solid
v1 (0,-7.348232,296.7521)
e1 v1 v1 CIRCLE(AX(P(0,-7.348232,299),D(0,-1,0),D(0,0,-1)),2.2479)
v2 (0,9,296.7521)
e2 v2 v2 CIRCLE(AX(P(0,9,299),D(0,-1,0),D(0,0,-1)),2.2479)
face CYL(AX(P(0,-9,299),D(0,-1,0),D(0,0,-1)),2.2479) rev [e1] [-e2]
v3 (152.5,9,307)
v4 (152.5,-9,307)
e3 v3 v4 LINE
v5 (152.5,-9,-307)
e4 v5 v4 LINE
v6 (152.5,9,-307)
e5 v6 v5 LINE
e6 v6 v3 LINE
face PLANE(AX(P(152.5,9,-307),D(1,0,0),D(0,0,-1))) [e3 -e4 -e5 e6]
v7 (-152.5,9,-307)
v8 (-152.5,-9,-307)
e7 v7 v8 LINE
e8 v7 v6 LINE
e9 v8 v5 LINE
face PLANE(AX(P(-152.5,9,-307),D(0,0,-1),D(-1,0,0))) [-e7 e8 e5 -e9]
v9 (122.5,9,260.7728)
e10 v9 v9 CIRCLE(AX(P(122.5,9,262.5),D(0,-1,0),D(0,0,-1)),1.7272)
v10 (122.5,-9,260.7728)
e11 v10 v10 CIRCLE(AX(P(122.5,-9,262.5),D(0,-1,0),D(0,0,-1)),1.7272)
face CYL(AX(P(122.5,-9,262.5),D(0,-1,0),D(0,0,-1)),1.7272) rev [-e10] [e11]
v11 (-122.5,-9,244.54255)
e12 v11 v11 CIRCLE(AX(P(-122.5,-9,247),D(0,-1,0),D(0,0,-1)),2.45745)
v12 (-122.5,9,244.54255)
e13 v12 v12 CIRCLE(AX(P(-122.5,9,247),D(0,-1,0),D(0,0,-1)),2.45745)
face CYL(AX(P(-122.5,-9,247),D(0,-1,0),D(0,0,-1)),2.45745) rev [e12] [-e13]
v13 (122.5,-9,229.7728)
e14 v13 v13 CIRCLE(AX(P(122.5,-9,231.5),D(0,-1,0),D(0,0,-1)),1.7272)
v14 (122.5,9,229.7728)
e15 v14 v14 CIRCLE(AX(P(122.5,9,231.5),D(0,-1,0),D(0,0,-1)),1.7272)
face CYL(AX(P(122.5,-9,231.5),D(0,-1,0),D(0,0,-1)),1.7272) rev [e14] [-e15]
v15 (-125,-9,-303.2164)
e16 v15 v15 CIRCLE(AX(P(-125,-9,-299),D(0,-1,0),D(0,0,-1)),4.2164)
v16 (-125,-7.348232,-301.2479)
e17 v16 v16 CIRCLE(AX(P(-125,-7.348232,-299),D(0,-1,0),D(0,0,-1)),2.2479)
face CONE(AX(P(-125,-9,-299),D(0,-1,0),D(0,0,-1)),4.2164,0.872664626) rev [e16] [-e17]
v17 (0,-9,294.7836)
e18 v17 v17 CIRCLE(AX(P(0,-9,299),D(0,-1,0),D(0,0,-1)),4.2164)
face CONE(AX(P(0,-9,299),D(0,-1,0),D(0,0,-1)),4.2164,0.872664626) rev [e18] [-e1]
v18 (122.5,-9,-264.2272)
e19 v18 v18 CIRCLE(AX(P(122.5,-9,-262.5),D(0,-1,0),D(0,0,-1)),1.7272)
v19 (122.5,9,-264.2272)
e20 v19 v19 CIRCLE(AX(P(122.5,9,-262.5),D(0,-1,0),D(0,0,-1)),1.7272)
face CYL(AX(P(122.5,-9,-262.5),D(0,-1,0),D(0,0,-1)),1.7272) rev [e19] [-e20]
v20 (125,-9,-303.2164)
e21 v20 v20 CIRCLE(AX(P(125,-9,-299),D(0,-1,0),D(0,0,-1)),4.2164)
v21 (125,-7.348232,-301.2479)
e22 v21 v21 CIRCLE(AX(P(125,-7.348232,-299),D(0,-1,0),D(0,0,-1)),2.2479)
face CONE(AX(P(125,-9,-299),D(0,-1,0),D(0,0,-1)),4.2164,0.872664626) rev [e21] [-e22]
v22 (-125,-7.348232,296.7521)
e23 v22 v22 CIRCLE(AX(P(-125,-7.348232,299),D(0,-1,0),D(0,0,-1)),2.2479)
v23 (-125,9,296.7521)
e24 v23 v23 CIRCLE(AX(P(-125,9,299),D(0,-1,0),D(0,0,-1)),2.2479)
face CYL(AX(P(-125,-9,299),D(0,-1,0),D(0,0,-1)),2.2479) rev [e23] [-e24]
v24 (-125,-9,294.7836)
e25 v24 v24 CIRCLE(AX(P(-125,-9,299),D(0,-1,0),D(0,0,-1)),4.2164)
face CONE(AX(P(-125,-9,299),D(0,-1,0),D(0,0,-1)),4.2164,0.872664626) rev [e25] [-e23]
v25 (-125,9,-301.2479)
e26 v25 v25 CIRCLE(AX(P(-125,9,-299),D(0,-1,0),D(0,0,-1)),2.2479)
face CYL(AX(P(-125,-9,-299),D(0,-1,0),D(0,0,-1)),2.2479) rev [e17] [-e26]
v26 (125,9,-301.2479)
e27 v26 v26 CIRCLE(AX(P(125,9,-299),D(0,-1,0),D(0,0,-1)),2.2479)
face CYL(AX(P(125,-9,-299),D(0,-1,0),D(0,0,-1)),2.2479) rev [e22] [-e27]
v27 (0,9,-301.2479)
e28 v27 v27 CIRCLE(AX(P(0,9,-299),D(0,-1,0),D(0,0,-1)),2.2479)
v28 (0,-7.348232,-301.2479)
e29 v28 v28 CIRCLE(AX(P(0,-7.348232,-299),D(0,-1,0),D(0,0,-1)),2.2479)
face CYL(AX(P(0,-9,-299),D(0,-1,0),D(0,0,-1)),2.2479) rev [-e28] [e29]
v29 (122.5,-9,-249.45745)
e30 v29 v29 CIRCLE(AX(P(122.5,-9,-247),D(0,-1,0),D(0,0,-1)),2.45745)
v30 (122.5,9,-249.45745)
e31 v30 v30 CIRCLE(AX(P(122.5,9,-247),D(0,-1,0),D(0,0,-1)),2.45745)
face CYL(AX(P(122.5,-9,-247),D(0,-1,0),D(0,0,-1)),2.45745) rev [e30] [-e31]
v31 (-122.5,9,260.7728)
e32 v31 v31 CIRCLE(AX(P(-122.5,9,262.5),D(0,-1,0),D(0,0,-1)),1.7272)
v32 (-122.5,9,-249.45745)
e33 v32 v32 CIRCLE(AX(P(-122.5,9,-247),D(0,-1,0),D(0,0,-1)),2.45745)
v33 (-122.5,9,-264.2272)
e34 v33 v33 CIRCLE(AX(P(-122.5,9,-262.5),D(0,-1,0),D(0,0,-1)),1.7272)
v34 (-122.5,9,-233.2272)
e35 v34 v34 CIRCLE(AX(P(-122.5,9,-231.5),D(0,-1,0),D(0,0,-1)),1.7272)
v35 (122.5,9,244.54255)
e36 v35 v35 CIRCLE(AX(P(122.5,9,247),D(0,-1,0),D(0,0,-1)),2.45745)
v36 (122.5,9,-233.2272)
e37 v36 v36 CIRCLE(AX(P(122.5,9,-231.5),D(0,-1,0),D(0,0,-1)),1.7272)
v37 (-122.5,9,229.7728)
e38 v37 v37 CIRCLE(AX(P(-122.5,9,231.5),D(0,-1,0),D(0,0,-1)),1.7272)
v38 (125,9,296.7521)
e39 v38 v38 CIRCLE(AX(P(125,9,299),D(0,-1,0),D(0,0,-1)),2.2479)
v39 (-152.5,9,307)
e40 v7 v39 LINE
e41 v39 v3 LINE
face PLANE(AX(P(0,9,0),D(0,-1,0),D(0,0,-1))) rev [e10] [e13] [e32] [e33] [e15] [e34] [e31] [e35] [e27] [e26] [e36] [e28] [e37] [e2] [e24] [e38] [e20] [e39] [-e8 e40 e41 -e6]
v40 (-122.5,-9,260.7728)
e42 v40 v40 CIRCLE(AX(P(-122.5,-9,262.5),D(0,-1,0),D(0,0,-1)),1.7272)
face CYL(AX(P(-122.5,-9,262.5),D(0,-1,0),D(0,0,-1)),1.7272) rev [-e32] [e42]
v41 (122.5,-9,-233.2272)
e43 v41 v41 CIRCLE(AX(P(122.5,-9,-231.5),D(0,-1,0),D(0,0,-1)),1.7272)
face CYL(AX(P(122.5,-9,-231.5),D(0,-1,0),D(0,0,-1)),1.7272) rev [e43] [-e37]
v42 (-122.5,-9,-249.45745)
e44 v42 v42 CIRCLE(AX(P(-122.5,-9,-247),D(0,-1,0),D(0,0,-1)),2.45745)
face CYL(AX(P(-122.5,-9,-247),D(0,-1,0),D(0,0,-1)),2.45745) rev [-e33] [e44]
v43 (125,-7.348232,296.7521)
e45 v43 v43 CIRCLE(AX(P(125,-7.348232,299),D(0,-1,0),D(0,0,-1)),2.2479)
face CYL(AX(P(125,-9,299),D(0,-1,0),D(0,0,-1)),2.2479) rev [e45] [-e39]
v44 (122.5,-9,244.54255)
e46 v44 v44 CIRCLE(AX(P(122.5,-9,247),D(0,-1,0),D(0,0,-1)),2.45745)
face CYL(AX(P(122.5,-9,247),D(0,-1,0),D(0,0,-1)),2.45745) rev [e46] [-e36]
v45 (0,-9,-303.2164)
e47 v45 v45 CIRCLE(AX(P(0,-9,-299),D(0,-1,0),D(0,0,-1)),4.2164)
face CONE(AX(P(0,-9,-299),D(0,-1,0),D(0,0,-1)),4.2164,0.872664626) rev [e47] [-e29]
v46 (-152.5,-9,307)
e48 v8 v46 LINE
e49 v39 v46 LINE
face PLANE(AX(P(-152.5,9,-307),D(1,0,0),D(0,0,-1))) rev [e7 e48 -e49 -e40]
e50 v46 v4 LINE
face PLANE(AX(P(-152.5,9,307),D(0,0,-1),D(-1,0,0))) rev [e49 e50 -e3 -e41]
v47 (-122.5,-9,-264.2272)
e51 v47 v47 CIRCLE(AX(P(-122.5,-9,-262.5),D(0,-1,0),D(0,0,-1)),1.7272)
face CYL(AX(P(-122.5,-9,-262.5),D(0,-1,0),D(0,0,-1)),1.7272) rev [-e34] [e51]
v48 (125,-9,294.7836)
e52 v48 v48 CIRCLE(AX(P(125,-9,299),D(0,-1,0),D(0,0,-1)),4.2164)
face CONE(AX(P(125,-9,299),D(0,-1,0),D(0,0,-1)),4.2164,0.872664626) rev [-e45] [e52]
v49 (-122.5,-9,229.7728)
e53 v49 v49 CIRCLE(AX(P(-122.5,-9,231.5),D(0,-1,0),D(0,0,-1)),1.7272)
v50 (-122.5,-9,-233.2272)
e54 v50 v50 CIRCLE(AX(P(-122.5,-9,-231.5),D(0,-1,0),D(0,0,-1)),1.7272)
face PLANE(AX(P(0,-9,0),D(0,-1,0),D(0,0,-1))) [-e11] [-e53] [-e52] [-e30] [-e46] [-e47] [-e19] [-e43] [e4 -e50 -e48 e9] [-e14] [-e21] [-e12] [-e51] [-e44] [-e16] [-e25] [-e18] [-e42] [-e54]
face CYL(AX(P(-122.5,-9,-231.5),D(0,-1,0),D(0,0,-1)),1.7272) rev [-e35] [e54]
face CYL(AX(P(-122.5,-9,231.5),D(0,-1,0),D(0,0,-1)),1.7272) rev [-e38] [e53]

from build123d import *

# Parameters (mm, degrees)
SKETCH1_W                                         = 305
SKETCH1_H                                         = 614
BOSS_EXTRUDE1_DEPTH                               = 9
CSK_FOR_8_FLAT_HEAD_MACHINE_SCREW_100_D           = 4.4958
CSK_FOR_8_FLAT_HEAD_MACHINE_SCREW_100_CSINK_D     = 8.4328
CSK_FOR_8_FLAT_HEAD_MACHINE_SCREW_100_CSINK_ANGLE = 100
F_8_36_TAPPED_HOLE1_D                             = 3.4544
F_8_CLEARANCE_HOLE1_D                             = 4.9149
MIRROR2_AT_THE_SECOND_PLANE_COPY_1_D              = 3.4544
MIRROR2_AT_THE_SECOND_PLANE_COPY_2_D              = 4.9149


with BuildPart() as part:
    # Sketch1 → Boss-Extrude1 (new, symmetric)
    with BuildSketch(Plane(origin=(0, 0, 0), x_dir=(1, 0, 0), z_dir=(0, 1, 0))):
        Rectangle(SKETCH1_W, SKETCH1_H)
    extrude(amount=BOSS_EXTRUDE1_DEPTH, both=True)

    # CSK for #8 Flat Head Machine Screw (100)1 (through all)
    with Locations(Plane(origin=(-75, -9, 0), x_dir=(0, 0, -1), z_dir=(0, -1, 0))):
        with Locations((-299, 75), (-299, -50), (-299, 200)):
            csk_for_8_flat_head_machine_screw_100 = CounterSinkHole(CSK_FOR_8_FLAT_HEAD_MACHINE_SCREW_100_D / 2, CSK_FOR_8_FLAT_HEAD_MACHINE_SCREW_100_CSINK_D / 2, counter_sink_angle=CSK_FOR_8_FLAT_HEAD_MACHINE_SCREW_100_CSINK_ANGLE)

    # Mirror1: CSK for #8 Flat Head Machine Screw (100)1 across plane
    add(csk_for_8_flat_head_machine_screw_100.mirror(Plane.XY), mode=Mode.SUBTRACT)

    # #8-36 Tapped Hole1 (through all)
    with Locations(Plane(origin=(0, -9, 0), x_dir=(-1, 0, 0), z_dir=(0, -1, 0))):
        with Locations((122.5, -262.5), (122.5, -231.5)):
            f_8_36_tapped_hole1 = Hole(F_8_36_TAPPED_HOLE1_D / 2)

    # #8 Clearance Hole1 (through all)
    with Locations(Plane(origin=(0, -9, 0), x_dir=(-1, 0, 0), z_dir=(0, -1, 0))):
        with Locations((122.5, -247)):
            f_8_clearance_hole1 = Hole(F_8_CLEARANCE_HOLE1_D / 2)

    # Mirror2: #8-36 Tapped Hole1, #8 Clearance Hole1 across plane
    add(f_8_36_tapped_hole1.mirror(Plane.XY), mode=Mode.SUBTRACT)
    add(f_8_clearance_hole1.mirror(Plane.XY), mode=Mode.SUBTRACT)

    # Mirror2 at the second plane: #8-36 Tapped Hole1, #8 Clearance Hole1 across plane
    add(f_8_36_tapped_hole1.mirror(Plane(origin=(0, 0, 0), x_dir=(0, 0, 1), z_dir=(1, 0, 0))), mode=Mode.SUBTRACT)
    add(f_8_clearance_hole1.mirror(Plane(origin=(0, 0, 0), x_dir=(0, 0, 1), z_dir=(1, 0, 0))), mode=Mode.SUBTRACT)

    # Mirror2 at the second plane copy 1 (through all)
    with Locations(Plane.XZ.offset(9)):
        with Locations((122.5, -262.5), (122.5, -231.5)):
            Hole(MIRROR2_AT_THE_SECOND_PLANE_COPY_1_D / 2)

    # Mirror2 at the second plane copy 2 (through all)
    with Locations(Plane.XZ.offset(9)):
        with Locations((122.5, -247)):
            Hole(MIRROR2_AT_THE_SECOND_PLANE_COPY_2_D / 2)


solid = part.part
